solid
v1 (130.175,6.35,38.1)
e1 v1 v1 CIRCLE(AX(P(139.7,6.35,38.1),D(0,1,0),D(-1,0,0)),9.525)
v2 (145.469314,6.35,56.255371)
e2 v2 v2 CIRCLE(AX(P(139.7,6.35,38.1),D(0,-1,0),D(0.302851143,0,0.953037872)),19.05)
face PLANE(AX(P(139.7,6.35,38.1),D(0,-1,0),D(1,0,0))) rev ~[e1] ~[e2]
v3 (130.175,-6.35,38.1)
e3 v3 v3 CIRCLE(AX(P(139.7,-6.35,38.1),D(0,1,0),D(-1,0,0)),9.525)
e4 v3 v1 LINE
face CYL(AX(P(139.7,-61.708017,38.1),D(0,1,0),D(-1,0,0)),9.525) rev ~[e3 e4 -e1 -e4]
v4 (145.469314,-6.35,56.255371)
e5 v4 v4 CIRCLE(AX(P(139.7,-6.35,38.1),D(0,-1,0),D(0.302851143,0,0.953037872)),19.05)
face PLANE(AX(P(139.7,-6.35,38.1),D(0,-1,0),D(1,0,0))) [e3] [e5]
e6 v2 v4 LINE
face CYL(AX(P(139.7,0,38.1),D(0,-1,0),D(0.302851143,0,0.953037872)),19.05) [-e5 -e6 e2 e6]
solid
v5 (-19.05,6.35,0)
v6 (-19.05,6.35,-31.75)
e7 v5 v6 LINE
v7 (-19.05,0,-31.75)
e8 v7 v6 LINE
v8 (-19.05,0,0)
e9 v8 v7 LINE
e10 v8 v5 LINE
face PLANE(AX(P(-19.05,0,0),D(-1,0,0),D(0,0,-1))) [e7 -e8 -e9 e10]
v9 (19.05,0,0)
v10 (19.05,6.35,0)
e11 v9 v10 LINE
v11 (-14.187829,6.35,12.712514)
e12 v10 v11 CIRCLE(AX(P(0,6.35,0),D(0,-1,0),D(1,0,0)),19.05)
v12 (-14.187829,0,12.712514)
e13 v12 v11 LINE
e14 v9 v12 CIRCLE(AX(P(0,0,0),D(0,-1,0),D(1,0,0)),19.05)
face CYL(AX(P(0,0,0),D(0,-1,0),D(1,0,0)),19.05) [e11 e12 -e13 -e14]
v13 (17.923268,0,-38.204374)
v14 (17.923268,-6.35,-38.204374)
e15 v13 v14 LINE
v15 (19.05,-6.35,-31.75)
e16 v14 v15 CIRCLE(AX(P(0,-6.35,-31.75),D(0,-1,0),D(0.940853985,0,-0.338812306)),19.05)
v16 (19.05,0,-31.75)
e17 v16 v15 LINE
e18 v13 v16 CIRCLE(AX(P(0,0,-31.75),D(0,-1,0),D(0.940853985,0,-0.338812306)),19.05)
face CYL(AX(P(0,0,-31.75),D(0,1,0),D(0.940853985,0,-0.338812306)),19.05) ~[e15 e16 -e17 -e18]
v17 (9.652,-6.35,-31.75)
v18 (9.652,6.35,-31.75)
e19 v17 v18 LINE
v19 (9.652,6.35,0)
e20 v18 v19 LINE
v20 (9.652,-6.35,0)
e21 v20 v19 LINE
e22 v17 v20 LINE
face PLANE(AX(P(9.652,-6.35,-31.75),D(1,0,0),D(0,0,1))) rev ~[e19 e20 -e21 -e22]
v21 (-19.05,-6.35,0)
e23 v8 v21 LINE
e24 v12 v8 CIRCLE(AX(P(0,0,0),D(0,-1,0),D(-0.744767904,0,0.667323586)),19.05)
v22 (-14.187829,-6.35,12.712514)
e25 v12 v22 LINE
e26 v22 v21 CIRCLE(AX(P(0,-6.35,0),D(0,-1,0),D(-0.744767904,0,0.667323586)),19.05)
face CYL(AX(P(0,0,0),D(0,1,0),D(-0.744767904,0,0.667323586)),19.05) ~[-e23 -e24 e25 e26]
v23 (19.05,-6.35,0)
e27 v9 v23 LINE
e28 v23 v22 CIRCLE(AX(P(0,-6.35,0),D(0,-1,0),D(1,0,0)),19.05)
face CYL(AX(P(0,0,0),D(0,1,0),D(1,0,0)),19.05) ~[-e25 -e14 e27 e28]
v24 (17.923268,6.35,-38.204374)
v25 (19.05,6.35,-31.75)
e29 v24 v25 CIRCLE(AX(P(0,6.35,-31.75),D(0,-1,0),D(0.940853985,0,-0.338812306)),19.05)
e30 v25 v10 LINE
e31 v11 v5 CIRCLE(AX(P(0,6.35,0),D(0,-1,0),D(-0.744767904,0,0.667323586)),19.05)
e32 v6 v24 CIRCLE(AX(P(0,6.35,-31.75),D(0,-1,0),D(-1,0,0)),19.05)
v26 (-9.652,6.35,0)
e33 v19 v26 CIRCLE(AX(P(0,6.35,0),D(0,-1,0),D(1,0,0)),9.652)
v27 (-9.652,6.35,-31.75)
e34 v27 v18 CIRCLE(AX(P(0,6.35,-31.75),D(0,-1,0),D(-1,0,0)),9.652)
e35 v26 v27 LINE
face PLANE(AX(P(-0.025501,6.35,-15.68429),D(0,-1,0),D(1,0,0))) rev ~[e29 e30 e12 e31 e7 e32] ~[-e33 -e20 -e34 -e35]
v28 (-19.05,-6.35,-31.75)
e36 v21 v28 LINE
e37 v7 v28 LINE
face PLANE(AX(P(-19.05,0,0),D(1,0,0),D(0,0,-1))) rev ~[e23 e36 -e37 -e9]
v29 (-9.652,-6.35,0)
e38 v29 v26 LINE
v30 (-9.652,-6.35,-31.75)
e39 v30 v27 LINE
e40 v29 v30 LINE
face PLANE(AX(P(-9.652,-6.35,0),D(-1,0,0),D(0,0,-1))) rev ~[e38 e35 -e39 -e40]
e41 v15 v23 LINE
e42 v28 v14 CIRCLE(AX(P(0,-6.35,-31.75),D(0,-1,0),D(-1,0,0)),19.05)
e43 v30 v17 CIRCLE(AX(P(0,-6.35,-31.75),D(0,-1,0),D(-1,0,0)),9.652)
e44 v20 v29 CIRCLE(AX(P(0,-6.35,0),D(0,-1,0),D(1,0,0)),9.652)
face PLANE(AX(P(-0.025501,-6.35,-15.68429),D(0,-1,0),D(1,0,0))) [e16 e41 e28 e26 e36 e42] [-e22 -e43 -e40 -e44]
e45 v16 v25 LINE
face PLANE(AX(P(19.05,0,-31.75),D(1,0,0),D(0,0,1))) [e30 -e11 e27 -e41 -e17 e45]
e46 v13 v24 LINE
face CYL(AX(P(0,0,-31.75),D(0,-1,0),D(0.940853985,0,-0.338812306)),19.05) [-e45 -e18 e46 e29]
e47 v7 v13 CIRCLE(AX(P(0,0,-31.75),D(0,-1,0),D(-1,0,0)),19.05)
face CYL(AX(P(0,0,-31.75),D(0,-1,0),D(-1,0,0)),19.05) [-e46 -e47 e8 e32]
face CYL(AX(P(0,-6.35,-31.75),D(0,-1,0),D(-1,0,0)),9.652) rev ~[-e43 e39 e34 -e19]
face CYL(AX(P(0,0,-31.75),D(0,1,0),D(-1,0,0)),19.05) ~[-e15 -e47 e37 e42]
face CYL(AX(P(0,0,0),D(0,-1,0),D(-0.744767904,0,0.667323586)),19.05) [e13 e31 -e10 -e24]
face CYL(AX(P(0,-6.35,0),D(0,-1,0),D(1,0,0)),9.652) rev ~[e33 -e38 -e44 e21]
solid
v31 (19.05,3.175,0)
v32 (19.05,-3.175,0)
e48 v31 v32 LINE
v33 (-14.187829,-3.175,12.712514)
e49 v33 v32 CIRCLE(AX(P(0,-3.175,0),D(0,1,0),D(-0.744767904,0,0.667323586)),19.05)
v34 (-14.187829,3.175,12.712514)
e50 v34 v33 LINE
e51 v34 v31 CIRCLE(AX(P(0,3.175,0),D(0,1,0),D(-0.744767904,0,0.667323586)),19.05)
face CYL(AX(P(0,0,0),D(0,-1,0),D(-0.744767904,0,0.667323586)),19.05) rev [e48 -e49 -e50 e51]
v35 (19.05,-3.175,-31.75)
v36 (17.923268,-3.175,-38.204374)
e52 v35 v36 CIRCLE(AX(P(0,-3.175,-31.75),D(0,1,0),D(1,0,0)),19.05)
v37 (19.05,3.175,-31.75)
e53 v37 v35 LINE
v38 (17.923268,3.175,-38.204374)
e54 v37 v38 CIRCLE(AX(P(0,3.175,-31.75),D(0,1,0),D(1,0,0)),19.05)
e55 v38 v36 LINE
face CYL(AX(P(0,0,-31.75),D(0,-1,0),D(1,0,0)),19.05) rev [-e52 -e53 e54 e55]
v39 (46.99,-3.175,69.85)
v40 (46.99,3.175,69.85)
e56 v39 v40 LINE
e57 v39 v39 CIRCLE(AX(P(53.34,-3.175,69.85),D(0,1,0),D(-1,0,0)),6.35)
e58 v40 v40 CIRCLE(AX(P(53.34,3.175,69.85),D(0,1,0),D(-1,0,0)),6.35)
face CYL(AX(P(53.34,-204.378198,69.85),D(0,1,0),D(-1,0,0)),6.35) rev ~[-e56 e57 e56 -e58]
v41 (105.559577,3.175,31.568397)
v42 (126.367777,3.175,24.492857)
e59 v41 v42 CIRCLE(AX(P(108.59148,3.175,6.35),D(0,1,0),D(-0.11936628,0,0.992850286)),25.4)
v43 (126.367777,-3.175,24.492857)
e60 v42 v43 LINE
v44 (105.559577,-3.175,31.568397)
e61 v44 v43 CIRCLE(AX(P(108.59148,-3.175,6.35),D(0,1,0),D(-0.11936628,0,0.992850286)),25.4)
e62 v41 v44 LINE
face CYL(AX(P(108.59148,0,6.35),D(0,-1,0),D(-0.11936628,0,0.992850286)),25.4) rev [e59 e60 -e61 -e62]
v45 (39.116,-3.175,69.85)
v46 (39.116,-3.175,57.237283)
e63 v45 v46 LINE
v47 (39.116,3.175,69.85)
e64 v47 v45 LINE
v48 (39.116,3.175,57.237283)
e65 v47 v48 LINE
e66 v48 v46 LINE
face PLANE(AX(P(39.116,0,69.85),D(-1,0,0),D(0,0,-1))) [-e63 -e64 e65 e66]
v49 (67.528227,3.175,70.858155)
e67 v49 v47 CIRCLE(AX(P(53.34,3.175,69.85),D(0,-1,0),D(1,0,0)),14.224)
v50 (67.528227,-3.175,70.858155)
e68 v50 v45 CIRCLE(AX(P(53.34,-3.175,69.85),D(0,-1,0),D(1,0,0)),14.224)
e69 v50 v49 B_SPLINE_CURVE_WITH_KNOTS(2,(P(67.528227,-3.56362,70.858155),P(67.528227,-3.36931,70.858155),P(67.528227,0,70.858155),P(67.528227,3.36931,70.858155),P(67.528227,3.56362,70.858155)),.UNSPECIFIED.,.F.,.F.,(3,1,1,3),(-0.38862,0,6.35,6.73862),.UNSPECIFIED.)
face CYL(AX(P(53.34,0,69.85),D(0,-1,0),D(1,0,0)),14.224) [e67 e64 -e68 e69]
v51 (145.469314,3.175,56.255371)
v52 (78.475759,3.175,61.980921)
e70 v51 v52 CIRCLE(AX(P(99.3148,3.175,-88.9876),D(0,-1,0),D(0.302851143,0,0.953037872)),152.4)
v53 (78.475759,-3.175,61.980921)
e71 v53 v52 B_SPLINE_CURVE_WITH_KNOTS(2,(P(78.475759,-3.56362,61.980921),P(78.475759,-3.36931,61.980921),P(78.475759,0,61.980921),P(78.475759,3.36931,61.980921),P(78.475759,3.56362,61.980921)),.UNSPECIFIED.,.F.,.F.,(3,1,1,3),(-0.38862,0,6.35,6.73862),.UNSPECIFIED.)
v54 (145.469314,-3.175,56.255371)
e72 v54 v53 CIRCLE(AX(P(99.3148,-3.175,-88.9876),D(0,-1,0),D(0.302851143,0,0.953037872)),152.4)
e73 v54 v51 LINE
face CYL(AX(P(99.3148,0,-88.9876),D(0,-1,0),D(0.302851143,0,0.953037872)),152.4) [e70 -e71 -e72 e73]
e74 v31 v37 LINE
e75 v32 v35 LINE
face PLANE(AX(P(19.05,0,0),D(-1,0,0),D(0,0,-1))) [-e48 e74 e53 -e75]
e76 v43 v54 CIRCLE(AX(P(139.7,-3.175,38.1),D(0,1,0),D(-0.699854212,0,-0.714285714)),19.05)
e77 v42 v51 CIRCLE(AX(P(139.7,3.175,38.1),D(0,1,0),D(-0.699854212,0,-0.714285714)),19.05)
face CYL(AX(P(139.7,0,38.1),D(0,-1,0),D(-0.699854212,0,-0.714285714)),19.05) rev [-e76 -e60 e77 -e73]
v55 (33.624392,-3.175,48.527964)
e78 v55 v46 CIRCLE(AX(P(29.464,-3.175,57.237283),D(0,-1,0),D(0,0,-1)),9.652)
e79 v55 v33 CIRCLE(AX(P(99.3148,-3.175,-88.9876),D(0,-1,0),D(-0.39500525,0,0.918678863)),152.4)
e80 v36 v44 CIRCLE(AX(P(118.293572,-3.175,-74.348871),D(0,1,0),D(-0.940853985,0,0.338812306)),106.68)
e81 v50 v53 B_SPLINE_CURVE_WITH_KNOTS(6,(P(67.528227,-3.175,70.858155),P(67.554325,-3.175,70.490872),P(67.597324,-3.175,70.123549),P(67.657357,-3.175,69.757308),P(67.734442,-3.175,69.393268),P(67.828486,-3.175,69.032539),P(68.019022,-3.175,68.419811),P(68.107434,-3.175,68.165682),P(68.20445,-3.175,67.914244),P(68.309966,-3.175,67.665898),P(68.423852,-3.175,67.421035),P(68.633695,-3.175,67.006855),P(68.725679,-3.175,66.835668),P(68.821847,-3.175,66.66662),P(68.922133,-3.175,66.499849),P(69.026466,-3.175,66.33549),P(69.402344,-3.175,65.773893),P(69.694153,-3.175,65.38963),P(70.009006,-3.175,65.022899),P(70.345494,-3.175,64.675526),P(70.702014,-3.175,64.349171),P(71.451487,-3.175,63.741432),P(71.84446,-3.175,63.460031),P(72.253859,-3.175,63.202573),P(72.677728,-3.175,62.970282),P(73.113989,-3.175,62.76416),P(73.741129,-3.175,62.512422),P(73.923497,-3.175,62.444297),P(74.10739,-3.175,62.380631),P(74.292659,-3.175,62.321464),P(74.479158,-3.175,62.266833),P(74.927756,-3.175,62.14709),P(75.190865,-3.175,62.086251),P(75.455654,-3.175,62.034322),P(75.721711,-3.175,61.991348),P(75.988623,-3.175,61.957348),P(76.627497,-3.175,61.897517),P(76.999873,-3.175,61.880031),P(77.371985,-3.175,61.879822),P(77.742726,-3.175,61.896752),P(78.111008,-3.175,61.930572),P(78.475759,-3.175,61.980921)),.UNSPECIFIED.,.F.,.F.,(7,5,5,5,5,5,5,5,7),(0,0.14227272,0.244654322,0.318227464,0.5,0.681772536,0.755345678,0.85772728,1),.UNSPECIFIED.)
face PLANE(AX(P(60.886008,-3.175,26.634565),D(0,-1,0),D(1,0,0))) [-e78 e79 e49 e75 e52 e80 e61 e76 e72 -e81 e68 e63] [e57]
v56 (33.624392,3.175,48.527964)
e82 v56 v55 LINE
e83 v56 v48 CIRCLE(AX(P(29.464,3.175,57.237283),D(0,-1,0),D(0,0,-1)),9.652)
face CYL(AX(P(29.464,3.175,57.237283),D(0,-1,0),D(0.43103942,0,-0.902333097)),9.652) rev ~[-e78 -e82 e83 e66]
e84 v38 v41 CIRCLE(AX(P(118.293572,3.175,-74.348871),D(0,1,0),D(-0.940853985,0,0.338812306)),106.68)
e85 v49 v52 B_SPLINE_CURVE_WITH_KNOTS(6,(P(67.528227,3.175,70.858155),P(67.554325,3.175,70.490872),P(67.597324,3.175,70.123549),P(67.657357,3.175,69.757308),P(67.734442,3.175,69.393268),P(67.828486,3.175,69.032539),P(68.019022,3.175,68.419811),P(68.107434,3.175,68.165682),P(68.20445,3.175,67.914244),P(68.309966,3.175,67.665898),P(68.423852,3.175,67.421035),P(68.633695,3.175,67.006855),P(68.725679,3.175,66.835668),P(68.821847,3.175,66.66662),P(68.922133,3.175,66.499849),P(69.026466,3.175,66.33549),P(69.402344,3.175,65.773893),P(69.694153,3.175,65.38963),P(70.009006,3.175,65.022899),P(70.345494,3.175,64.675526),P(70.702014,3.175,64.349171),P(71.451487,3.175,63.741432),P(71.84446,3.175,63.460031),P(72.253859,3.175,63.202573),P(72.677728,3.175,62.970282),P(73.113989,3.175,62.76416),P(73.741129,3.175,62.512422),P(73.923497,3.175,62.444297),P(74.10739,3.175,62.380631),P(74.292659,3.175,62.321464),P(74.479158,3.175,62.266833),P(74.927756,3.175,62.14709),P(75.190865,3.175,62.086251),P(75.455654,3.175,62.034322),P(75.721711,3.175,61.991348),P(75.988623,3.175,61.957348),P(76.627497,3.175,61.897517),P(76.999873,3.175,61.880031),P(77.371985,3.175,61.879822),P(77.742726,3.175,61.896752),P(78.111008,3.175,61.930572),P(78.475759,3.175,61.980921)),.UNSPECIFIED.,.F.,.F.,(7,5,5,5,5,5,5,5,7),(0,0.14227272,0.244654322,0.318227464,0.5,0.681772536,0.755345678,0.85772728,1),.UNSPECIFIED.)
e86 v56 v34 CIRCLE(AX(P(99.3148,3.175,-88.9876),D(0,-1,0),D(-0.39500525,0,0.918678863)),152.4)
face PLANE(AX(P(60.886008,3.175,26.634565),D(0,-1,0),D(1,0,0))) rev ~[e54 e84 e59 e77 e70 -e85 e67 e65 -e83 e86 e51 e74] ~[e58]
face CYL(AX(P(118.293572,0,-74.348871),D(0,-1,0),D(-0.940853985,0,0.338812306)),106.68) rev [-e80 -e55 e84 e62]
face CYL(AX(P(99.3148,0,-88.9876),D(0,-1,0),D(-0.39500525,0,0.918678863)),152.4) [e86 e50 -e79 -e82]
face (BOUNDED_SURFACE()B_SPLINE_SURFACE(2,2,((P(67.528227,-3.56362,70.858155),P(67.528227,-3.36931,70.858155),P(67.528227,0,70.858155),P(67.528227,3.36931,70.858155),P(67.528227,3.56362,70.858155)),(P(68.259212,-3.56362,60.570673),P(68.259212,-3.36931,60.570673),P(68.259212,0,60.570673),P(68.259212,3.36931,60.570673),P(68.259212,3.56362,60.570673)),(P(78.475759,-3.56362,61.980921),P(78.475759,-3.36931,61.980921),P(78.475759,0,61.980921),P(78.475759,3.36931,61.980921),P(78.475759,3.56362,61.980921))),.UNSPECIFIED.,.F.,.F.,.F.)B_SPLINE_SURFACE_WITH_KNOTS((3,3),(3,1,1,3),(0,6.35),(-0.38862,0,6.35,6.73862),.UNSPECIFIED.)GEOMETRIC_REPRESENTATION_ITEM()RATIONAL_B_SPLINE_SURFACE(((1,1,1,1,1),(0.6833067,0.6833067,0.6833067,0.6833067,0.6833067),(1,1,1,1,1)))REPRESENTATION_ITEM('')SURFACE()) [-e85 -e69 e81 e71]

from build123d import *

# Parameters (mm, degrees)
F1_DEPTH = 6.35
F2_DEPTH = 3.175
F4_D     = 19.05
F6_DEPTH = 12.7
F7_R     = 9.652
F9_D     = 12.7


with BuildPart() as f1:
    # F0 (on Front) → F1 (new body, symmetric)
    with BuildSketch(Plane.XZ):
        with BuildLine():
            Line((19.05, -31.75), (19.05, 0))
            ThreePointArc((19.05, 0), (6.8053054878, 17.7929850564), (-14.1878285794, 12.7125143148))
            ThreePointArc((-14.1878285794, 12.7125143148), (-17.7929850564, 6.8053054878), (-19.05, 0))
            Line((-19.05, 0), (-19.05, -31.75))
            ThreePointArc((-19.05, -31.75), (-3.275991202, -50.516203176), (17.9232684141, -38.2043744356))
            ThreePointArc((17.9232684141, -38.2043744356), (18.766203176, -35.025991202), (19.05, -31.75))
        make_face()
    extrude(amount=F1_DEPTH, both=True)

    # F5 (on face) → F6 (cut, through all)
    with BuildSketch(Plane.XZ.offset(6.35)):
        with BuildLine():
            Line((9.652, -31.75), (9.652, 0))
            ThreePointArc((9.652, 0), (0, 9.652), (-9.652, 0))
            Line((-9.652, 0), (-9.652, -31.75))
            ThreePointArc((-9.652, -31.75), (0, -41.402), (9.652, -31.75))
        make_face()
    extrude(amount=-F6_DEPTH, mode=Mode.SUBTRACT)


with BuildPart() as f1b:
    # F0 (on Front) → F1, piece 2 (new body, symmetric)
    with BuildSketch(Plane.XZ):
        with BuildLine():
            ThreePointArc((145.4693142778, 56.2553714576), (123.3747519158, 47.917778516), (126.3677772571, 24.4928571429))
            ThreePointArc((126.3677772571, 24.4928571429), (147.0798257686, 20.5375209146), (158.75, 38.1))
            ThreePointArc((158.75, 38.1), (155.0754339287, 49.3471565964), (145.4693142778, 56.2553714576))
        make_face()
    extrude(amount=F1_DEPTH, both=True)

    # F4 (through all)
    with Locations(Plane.XZ.offset(6.35)):
        with Locations((139.7, 38.1)):
            Hole(F4_D / 2)


with BuildPart() as f2:
    # F0 (on Front) → F2 (new body, symmetric)
    with BuildSketch(Plane.XZ):
        with BuildLine():
            ThreePointArc((-14.1878285794, 12.7125143148), (6.8053054878, 17.7929850564), (19.05, 0))
            Line((19.05, 0), (19.05, -31.75))
            ThreePointArc((19.05, -31.75), (18.766203176, -35.025991202), (17.9232684141, -38.2043744356))
            ThreePointArc((17.9232684141, -38.2043744356), (51.8465590404, 9.110202113), (105.5595767458, 31.5683972734))
            ThreePointArc((105.5595767458, 31.5683972734), (116.7685886634, 30.3977628537), (126.3677772571, 24.4928571429))
            ThreePointArc((126.3677772571, 24.4928571429), (123.3747519158, 47.917778516), (145.4693142778, 56.2553714576))
            ThreePointArc((145.4693142778, 56.2553714576), (106.7647166675, 63.2302001437), (67.564, 60.0682507246))
            ThreePointArc((67.564, 60.0682507246), (64.9675106843, 59.4914343869), (62.3814834159, 58.8693919276))
            ThreePointArc((62.3814834159, 58.8693919276), (57.2947405008, 56.1868303981), (51.5615653408, 55.7376172755))
            ThreePointArc((51.5615653408, 55.7376172755), (45.2872454924, 53.5142711807), (39.116, 51.0190584665))
            ThreePointArc((39.116, 51.0190584665), (10.3772128751, 34.7696847804), (-14.1878285794, 12.7125143148))
        make_face()
        with BuildLine():
            Line((39.116, 69.85), (39.116, 51.0190584665))
            ThreePointArc((39.116, 51.0190584665), (45.2872454924, 53.5142711807), (51.5615653408, 55.7376172755))
            ThreePointArc((51.5615653408, 55.7376172755), (42.6718551146, 60.441872625), (39.116, 69.85))
        make_face()
        with BuildLine():
            ThreePointArc((39.116, 69.85), (42.6718551146, 60.441872625), (51.5615653408, 55.7376172755))
            ThreePointArc((51.5615653408, 55.7376172755), (56.9425804041, 57.4035026746), (62.3814834159, 58.8693919276))
            ThreePointArc((62.3814834159, 58.8693919276), (66.2032856632, 63.7789162462), (67.564, 69.85))
            ThreePointArc((67.564, 69.85), (53.34, 84.074), (39.116, 69.85))
        make_face()
        with BuildLine():
            ThreePointArc((62.3814834159, 58.8693919276), (56.9425804041, 57.4035026746), (51.5615653408, 55.7376172755))
            ThreePointArc((51.5615653408, 55.7376172755), (57.2947405008, 56.1868303981), (62.3814834159, 58.8693919276))
        make_face()
        with BuildLine():
            ThreePointArc((67.564, 69.85), (66.2032856632, 63.7789162462), (62.3814834159, 58.8693919276))
            ThreePointArc((62.3814834159, 58.8693919276), (64.9675106843, 59.4914343869), (67.564, 60.0682507246))
            Line((67.564, 60.0682507246), (67.564, 69.85))
        make_face()
    extrude(amount=F2_DEPTH, both=True)

    # F7
    f7_edges = [f2.edges().sort_by_distance(p)[0] for p in [
        (67.564, 0, 60.068251),
        (39.116, 0, 51.019058),
    ]]
    fillet(f7_edges, radius=F7_R)

    # F9 (through all)
    with Locations(Plane.XZ.offset(3.175)):
        with Locations((53.34, 69.85)):
            Hole(F9_D / 2)


solid = Compound([f1.part, f1b.part, f2.part])
